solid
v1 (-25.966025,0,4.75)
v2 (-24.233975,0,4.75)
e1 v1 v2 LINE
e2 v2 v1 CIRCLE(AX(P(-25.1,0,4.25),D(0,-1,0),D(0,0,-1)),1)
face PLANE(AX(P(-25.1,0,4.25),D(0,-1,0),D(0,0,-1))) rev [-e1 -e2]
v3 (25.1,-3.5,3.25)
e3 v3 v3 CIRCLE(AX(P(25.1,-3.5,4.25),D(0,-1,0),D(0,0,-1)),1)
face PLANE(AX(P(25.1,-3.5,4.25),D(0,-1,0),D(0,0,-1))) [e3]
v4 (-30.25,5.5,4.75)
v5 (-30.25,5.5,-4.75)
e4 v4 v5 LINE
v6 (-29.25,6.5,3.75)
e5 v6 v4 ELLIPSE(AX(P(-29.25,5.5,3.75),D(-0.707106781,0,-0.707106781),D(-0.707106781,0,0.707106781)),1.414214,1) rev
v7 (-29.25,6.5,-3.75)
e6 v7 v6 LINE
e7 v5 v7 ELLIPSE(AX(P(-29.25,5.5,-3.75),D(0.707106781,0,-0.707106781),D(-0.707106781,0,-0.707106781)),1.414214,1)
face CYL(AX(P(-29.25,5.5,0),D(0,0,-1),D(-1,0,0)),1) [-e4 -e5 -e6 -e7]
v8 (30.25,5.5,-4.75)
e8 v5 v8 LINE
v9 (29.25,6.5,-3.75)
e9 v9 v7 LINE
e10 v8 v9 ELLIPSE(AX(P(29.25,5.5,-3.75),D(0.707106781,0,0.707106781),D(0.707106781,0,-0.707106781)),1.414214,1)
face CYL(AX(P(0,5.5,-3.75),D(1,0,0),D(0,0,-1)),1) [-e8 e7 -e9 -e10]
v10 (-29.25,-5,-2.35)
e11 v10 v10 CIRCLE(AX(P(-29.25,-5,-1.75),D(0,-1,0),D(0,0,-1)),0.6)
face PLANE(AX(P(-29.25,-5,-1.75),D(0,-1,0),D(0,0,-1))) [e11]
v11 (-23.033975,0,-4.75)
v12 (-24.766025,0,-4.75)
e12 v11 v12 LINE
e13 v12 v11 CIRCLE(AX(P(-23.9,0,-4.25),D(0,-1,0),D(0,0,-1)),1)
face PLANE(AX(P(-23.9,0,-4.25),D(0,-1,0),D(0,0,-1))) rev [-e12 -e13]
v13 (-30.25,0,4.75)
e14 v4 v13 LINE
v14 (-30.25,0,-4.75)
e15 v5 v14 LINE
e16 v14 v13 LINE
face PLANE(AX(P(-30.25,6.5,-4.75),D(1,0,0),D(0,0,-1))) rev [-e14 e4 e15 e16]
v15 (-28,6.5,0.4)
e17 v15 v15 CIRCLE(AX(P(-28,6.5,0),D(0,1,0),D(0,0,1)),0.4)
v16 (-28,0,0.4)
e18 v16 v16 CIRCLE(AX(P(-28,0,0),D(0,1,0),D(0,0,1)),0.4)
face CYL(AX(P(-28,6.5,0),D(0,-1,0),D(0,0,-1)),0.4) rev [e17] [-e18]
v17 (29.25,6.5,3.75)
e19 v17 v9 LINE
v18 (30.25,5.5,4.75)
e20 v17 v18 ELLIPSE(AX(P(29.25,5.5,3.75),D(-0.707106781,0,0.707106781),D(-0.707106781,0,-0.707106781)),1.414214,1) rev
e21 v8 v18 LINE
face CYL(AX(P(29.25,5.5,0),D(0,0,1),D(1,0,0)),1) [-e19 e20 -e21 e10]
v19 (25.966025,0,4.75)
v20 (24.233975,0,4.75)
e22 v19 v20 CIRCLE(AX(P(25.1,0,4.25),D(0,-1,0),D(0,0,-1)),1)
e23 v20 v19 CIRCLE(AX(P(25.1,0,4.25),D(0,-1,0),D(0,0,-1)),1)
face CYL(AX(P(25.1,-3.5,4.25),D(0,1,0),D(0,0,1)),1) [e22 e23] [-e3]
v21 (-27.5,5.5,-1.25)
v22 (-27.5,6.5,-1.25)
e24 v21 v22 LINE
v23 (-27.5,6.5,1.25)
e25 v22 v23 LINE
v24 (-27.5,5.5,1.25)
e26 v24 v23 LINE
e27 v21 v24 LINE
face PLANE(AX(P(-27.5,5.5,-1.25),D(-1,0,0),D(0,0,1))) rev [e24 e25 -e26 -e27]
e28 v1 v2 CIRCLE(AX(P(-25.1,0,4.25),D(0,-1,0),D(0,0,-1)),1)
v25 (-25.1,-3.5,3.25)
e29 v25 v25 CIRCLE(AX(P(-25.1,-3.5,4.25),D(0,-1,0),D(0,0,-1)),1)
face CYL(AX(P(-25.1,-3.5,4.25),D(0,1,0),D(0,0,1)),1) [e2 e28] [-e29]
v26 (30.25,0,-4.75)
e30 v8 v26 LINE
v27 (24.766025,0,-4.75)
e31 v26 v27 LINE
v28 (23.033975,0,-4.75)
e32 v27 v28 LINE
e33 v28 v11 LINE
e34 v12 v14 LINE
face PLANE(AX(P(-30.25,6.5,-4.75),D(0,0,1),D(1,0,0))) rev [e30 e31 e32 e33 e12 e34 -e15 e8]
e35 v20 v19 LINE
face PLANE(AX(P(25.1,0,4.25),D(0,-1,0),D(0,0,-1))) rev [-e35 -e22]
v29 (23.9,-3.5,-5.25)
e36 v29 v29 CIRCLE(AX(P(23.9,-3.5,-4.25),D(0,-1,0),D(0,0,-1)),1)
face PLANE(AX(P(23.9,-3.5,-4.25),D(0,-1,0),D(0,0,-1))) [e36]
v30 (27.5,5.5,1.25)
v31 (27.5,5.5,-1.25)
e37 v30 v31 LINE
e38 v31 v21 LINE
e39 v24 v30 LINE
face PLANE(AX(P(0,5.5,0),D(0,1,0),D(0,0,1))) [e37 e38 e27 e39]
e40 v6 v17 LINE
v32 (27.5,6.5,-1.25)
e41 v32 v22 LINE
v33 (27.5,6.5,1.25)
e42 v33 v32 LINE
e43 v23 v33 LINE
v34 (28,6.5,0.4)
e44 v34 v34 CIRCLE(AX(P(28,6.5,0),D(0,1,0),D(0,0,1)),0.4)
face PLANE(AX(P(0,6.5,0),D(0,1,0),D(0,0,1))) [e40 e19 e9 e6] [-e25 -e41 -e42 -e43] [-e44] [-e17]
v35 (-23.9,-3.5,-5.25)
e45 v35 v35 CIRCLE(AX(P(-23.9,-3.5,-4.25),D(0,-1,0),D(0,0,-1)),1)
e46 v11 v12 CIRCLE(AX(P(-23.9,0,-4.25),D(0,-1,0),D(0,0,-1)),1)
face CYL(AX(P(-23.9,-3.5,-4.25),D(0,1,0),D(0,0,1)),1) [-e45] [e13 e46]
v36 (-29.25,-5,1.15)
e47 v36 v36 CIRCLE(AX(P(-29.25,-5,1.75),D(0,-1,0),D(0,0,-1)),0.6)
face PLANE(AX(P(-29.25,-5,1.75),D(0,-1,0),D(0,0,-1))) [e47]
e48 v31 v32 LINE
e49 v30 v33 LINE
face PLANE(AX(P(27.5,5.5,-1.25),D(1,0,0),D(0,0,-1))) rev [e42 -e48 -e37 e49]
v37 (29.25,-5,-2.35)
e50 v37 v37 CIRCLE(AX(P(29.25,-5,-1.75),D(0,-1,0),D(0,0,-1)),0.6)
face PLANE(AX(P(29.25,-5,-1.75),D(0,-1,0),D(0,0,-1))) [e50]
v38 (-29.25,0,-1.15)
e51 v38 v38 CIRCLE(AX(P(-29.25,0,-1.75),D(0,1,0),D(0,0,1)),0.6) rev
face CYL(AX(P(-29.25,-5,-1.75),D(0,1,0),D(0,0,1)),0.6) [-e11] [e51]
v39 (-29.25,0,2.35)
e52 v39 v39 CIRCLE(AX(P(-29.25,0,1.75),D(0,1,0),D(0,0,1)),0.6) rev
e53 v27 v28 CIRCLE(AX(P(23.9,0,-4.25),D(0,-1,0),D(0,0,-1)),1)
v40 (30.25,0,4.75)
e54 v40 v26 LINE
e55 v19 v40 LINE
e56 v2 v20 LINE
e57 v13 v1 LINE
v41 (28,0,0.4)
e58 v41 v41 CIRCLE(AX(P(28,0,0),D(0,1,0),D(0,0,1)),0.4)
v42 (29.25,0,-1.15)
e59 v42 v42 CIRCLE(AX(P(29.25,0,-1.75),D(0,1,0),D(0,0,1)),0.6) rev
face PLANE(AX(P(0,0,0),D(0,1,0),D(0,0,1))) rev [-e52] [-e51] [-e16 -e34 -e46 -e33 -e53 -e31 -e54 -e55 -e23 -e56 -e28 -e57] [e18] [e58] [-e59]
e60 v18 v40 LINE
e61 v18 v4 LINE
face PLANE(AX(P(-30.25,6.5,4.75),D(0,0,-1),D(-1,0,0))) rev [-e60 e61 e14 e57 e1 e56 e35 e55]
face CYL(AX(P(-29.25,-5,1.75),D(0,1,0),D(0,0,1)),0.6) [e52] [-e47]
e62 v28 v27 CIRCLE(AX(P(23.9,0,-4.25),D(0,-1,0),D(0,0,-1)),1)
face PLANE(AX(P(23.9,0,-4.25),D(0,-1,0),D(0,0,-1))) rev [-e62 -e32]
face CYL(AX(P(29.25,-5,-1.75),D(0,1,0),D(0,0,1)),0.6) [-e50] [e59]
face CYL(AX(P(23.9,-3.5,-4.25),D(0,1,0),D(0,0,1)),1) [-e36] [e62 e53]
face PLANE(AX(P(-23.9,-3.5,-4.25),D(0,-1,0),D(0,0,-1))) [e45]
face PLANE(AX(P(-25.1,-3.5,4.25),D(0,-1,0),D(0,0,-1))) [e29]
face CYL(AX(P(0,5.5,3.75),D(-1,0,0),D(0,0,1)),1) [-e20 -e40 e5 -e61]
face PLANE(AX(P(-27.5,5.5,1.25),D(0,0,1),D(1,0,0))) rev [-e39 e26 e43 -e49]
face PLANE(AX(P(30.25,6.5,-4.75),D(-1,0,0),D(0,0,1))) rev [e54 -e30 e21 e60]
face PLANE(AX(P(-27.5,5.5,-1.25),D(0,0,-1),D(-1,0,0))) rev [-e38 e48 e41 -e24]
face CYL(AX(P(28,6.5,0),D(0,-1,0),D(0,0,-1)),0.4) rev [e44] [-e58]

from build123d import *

# Parameters (mm, degrees)
SKETCH1_W           = 60.5
SKETCH1_H           = 9.5
SKETCH1_R           = 0.4
BOSS_EXTRUDE1_DEPTH = 6.5
SKETCH2_R           = 1
BOSS_EXTRUDE2_DEPTH = 3.5
SKETCH2_3_R         = 0.6
BOSS_EXTRUDE3_DEPTH = 5
SKETCH4_W           = 55
SKETCH4_H           = 2.5
CUT_EXTRUDE1_DEPTH  = 1
FILLET1_R           = 1


with BuildPart() as part:
    # Sketch1 → Boss-Extrude1 (new body)
    with BuildSketch(Plane(origin=(0, 0, 0), x_dir=(1, 0, 0), z_dir=(0, 1, 0))):
        Rectangle(SKETCH1_W, SKETCH1_H)
        with Locations((-28, 0)):
            Circle(SKETCH1_R, mode=Mode.SUBTRACT)
        with Locations((28, 0)):
            Circle(SKETCH1_R, mode=Mode.SUBTRACT)
    extrude(amount=BOSS_EXTRUDE1_DEPTH)

    # Sketch2 → Boss-Extrude2 (add)
    with BuildSketch(Plane.XZ):
        with Locations((-25.1, 4.25)):
            Circle(SKETCH2_R)
        with Locations((-23.9, -4.25)):
            Circle(SKETCH2_R)
        with Locations((25.1, 4.25)):
            Circle(SKETCH2_R)
        with Locations((23.9, -4.25)):
            Circle(SKETCH2_R)
    extrude(amount=BOSS_EXTRUDE2_DEPTH)

    # Sketch2<3> → Boss-Extrude3 (add)
    with BuildSketch(Plane.XZ):
        with Locations((-29.25, 1.75)):
            Circle(SKETCH2_3_R)
        with Locations((-29.25, -1.75)):
            Circle(SKETCH2_3_R)
        with Locations((29.25, -1.75)):
            Circle(SKETCH2_3_R)
    extrude(amount=BOSS_EXTRUDE3_DEPTH)

    # Sketch4 → Cut-Extrude1 (cut)
    with BuildSketch(Plane(origin=(0, 6.5, 0), x_dir=(1, 0, 0), z_dir=(0, 1, 0))):
        Rectangle(SKETCH4_W, SKETCH4_H)
    extrude(amount=-CUT_EXTRUDE1_DEPTH, mode=Mode.SUBTRACT)

    # Fillet1
    fillet1_edges = [part.edges().sort_by_distance(p)[0] for p in [
        (30.25, 6.5, 0),
        (0, 6.5, -4.75),
        (-30.25, 6.5, 0),
        (0, 6.5, 4.75),
    ]]
    fillet(fillet1_edges, radius=FILLET1_R)


solid = part.part
